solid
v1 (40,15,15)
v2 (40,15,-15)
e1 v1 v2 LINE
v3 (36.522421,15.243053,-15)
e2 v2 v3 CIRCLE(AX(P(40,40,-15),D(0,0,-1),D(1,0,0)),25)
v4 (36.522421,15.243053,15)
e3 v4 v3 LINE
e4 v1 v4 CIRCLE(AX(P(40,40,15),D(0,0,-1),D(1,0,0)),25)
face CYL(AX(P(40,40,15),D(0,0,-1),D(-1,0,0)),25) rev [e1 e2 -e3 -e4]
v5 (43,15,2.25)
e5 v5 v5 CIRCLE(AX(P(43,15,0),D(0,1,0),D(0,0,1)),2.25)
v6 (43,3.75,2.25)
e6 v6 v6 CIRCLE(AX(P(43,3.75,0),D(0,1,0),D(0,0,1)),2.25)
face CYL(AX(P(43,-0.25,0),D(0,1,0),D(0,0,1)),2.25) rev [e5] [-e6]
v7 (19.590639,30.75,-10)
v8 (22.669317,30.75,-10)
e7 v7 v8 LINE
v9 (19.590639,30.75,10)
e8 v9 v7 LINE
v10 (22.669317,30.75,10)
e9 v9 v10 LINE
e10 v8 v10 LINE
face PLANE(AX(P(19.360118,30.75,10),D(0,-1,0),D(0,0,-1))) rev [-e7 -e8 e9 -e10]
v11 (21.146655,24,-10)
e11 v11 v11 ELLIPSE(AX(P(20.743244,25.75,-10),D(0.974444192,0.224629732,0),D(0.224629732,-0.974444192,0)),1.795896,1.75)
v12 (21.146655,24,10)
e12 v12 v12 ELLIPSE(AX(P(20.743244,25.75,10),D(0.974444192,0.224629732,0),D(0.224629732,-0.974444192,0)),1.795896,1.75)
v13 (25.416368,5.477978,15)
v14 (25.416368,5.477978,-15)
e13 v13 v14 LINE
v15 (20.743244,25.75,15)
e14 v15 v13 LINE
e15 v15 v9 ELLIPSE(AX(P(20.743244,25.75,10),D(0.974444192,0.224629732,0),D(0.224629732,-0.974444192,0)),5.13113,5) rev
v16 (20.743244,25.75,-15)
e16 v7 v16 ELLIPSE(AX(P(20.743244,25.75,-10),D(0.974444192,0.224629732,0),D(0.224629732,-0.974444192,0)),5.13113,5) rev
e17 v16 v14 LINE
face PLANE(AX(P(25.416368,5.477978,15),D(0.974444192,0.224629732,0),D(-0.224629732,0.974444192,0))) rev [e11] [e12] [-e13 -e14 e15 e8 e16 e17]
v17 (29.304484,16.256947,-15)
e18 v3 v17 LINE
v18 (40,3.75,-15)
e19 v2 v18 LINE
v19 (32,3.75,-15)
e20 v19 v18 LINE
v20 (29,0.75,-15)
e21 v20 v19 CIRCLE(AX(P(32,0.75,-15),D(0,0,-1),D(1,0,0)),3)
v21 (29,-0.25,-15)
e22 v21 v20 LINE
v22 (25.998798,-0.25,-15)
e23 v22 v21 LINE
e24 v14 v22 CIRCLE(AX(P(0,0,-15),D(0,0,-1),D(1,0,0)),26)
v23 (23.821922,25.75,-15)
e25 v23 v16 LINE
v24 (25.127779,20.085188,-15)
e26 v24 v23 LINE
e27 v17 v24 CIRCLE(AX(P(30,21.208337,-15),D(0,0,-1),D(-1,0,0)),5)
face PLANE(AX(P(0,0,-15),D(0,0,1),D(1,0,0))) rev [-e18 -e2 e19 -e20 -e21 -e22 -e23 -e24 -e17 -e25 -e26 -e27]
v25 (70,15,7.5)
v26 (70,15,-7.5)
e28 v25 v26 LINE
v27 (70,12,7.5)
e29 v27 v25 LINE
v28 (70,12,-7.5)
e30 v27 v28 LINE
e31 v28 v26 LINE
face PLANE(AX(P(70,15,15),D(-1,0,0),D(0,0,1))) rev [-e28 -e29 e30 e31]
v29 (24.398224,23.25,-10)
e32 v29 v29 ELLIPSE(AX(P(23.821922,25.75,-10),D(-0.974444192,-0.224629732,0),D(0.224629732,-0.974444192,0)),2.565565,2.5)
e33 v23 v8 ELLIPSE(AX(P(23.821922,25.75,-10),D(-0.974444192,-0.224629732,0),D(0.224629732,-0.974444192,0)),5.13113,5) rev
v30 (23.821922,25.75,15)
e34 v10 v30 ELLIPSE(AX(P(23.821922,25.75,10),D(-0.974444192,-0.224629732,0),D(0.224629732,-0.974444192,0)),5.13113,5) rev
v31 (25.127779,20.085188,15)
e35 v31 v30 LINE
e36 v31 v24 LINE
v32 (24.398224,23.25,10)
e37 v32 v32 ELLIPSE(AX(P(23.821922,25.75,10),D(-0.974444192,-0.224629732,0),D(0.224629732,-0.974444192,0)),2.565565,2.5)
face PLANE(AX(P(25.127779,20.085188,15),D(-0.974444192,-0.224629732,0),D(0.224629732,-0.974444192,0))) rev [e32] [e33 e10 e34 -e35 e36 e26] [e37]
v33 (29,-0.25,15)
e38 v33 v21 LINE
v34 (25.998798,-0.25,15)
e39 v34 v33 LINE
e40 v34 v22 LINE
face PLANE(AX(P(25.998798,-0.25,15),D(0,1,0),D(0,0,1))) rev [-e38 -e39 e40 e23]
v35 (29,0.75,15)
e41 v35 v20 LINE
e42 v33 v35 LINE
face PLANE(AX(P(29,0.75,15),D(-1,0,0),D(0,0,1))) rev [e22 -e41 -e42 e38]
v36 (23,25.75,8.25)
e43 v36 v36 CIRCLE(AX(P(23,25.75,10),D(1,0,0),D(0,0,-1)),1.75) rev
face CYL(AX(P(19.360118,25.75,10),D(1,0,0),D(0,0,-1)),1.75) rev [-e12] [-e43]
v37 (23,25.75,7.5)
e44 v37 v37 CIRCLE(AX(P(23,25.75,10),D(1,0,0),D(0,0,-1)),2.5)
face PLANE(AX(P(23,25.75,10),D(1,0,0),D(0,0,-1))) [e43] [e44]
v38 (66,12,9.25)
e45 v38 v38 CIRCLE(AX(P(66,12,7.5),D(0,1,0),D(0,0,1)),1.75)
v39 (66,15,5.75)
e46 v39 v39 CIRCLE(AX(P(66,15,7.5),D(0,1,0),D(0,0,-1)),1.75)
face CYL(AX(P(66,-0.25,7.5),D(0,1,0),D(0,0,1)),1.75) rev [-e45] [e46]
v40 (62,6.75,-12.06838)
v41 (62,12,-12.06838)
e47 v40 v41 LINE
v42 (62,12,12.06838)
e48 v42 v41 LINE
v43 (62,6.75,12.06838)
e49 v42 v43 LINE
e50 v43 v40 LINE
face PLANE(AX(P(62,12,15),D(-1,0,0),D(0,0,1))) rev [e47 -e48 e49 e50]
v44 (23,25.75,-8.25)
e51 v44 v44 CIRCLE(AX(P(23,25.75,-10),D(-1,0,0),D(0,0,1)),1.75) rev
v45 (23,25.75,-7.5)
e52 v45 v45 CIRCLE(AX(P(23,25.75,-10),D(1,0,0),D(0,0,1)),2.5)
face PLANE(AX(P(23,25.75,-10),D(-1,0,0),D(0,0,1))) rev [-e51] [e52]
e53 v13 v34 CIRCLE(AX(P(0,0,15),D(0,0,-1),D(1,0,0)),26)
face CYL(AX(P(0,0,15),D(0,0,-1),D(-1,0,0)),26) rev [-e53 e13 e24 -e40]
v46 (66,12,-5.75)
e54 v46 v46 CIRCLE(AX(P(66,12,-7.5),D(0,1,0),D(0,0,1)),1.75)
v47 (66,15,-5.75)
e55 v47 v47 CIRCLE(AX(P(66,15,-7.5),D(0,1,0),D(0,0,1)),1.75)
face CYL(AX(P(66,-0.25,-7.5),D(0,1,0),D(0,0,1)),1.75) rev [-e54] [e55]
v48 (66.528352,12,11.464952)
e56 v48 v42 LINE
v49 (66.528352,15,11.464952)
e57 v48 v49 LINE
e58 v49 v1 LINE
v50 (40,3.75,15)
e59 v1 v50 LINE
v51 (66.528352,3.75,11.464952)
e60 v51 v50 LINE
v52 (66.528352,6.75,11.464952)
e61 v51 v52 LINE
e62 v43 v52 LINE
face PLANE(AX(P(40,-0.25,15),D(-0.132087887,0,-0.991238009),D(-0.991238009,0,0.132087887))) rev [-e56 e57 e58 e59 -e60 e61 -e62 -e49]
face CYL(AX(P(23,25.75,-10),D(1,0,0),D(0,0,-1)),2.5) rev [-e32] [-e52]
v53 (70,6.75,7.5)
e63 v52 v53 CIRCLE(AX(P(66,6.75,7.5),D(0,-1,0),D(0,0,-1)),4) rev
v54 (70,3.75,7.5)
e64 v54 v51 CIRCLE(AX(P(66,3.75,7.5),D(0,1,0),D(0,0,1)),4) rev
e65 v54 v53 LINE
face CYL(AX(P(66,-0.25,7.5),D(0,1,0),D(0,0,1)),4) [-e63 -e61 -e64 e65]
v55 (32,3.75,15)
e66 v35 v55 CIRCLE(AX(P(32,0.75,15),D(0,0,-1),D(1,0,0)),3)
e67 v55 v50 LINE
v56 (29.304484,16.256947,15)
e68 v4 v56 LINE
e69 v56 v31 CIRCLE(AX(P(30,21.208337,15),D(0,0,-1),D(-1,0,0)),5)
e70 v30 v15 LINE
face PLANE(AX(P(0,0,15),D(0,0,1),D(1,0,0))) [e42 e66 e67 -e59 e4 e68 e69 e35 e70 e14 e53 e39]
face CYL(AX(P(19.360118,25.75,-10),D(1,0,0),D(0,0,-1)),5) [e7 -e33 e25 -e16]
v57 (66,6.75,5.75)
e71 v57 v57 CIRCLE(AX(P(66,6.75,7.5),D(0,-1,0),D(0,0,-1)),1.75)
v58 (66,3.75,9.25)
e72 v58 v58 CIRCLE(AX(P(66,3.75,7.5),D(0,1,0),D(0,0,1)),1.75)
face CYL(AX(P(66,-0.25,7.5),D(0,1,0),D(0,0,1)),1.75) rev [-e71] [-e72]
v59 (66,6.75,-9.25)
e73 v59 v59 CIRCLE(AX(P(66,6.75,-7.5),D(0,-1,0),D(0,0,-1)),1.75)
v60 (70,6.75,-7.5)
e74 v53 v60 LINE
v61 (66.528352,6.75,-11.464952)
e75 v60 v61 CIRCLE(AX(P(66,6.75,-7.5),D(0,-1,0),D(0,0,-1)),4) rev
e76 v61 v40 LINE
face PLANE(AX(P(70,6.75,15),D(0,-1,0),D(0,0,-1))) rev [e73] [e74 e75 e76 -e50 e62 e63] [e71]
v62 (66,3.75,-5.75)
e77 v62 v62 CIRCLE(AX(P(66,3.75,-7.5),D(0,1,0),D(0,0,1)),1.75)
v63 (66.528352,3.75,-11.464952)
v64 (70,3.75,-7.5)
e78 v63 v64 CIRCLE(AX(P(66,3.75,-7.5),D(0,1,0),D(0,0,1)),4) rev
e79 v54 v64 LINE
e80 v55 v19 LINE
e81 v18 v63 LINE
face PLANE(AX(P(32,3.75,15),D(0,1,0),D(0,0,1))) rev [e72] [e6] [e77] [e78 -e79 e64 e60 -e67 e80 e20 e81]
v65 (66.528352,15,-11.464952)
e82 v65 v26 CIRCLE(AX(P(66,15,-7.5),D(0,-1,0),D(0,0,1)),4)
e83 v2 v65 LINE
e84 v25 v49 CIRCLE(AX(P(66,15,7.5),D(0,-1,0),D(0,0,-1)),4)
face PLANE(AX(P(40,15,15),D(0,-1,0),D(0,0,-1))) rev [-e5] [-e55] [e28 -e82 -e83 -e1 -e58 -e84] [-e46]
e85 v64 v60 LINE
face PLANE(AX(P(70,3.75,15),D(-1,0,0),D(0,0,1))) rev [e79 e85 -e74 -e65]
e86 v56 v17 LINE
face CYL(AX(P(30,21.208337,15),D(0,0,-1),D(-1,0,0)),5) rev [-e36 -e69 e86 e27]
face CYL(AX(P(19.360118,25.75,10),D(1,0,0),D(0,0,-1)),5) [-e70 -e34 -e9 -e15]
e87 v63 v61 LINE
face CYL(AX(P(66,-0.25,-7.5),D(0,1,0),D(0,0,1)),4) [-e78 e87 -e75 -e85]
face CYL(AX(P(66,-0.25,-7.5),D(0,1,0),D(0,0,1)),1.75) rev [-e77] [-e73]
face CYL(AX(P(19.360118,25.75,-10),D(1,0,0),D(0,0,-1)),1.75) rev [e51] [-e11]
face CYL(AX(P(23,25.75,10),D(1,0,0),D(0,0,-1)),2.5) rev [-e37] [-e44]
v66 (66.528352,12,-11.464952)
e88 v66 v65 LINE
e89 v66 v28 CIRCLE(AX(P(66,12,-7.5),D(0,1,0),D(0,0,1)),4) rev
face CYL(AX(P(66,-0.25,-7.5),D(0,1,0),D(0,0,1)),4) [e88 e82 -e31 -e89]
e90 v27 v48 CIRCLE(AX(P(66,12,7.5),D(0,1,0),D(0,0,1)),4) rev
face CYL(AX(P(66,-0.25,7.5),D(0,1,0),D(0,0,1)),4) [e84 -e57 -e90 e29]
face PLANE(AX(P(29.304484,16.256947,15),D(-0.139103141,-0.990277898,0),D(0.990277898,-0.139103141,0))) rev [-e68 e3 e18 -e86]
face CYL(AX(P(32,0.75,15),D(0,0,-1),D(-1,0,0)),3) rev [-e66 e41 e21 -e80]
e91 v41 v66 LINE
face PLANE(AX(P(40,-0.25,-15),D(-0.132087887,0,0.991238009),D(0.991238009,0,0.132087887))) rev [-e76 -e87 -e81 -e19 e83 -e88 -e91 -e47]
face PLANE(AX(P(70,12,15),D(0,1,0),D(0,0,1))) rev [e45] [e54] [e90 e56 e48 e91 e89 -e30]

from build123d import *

# Parameters (mm, degrees)
BOSS_EXTRUDE1_DEPTH = 15
SKETCH2_R           = 1.75
SKETCH2_R_2         = 2.25
CUT_EXTRUDE1_DEPTH  = 16.25
SKETCH6_R           = 1.75
CUT_EXTRUDE4_DEPTH  = 51.639881715
SKETCH8_R           = 2.5
CUT_EXTRUDE5_DEPTH  = 2


with BuildPart() as part:
    # Sketch1 → Boss-Extrude1 (new body, symmetric)
    with BuildSketch(Plane.XY):
        with BuildLine():
            Line((25.416367975, 5.477977632), (19.360118285, 31.75))
            Line((19.360118285, 31.75), (22.438796391, 31.75))
            Line((22.438796391, 31.75), (25.127779039, 20.085188295))
            ThreePointArc((25.127779039, 20.085188295), (26.621571391, 17.522387939), (29.304484295, 16.256947461))
            Line((29.304484295, 16.256947461), (36.522421475, 15.243052539))
            ThreePointArc((36.522421475, 15.243052539), (38.256969096, 15.060837158), (40, 15))
            Line((40, 15), (70, 15))
            Line((70, 15), (70, 12))
            Line((70, 12), (62, 12))
            Line((62, 12), (62, 6.75))
            Line((62, 6.75), (70, 6.75))
            Line((70, 6.75), (70, 3.75))
            Line((70, 3.75), (32, 3.75))
            ThreePointArc((32, 3.75), (29.878679656, 2.871320344), (29, 0.75))
            Line((29, 0.75), (29, -0.25))
            Line((29, -0.25), (25.998798049, -0.25))
            ThreePointArc((25.998798049, -0.25), (25.866624369, 2.6301604), (25.416367975, 5.477977632))
        make_face()
    extrude(amount=BOSS_EXTRUDE1_DEPTH, both=True)

    # Sketch2 → Cut-Extrude1 (cut, through all)
    with BuildSketch(Plane(origin=(0, 15, 0), x_dir=(1, 0, 0), z_dir=(0, 1, 0))):
        with Locations((66, 7.5)):
            Circle(SKETCH2_R)
        with Locations((43, 0)):
            Circle(SKETCH2_R_2)
        with Locations((66, -7.5)):
            Circle(SKETCH2_R)
        with BuildLine():
            Line((70, 7.5), (70, 15))
            Line((70, 15), (40, 15))
            Line((40, 15), (66.528351549, 11.464952035))
            ThreePointArc((66.528351549, 11.464952035), (69.009435678, 10.135013644), (70, 7.5))
        make_face()
        with BuildLine():
            Line((40, -15), (66.528351549, -11.464952035))
            ThreePointArc((66.528351549, -11.464952035), (69.009435678, -10.135013644), (70, -7.5))
            Line((70, -7.5), (70, -15))
            Line((70, -15), (40, -15))
        make_face()
    extrude(amount=-CUT_EXTRUDE1_DEPTH, mode=Mode.SUBTRACT)

    # Sketch6 → Cut-Extrude4 (cut, through all)
    with BuildSketch(Plane(origin=(70, 0, 0), x_dir=(0, 0, -1), z_dir=(1, 0, 0))):
        with Locations((-10, 25.75)):
            Circle(SKETCH6_R)
        with Locations((10, 25.75)):
            Circle(SKETCH6_R)
        with BuildLine():
            Line((-10, 30.75), (10, 30.75))
            ThreePointArc((10, 30.75), (13.535533906, 29.285533906), (15, 25.75))
            Line((15, 25.75), (15, 31.75))
            Line((15, 31.75), (-15, 31.75))
            Line((-15, 31.75), (-15, 25.75))
            ThreePointArc((-15, 25.75), (-13.535533906, 29.285533906), (-10, 30.75))
        make_face()
    extrude(amount=-CUT_EXTRUDE4_DEPTH, mode=Mode.SUBTRACT)

    # Sketch8 → Cut-Extrude5 (cut)
    with BuildSketch(Plane(origin=(25, 0, 0), x_dir=(0, 0, -1), z_dir=(1, 0, 0))):
        with Locations((-10, 25.75)):
            Circle(SKETCH8_R)
        with Locations((10, 25.75)):
            Circle(SKETCH8_R)
    extrude(amount=-CUT_EXTRUDE5_DEPTH, mode=Mode.SUBTRACT)


solid = part.part
